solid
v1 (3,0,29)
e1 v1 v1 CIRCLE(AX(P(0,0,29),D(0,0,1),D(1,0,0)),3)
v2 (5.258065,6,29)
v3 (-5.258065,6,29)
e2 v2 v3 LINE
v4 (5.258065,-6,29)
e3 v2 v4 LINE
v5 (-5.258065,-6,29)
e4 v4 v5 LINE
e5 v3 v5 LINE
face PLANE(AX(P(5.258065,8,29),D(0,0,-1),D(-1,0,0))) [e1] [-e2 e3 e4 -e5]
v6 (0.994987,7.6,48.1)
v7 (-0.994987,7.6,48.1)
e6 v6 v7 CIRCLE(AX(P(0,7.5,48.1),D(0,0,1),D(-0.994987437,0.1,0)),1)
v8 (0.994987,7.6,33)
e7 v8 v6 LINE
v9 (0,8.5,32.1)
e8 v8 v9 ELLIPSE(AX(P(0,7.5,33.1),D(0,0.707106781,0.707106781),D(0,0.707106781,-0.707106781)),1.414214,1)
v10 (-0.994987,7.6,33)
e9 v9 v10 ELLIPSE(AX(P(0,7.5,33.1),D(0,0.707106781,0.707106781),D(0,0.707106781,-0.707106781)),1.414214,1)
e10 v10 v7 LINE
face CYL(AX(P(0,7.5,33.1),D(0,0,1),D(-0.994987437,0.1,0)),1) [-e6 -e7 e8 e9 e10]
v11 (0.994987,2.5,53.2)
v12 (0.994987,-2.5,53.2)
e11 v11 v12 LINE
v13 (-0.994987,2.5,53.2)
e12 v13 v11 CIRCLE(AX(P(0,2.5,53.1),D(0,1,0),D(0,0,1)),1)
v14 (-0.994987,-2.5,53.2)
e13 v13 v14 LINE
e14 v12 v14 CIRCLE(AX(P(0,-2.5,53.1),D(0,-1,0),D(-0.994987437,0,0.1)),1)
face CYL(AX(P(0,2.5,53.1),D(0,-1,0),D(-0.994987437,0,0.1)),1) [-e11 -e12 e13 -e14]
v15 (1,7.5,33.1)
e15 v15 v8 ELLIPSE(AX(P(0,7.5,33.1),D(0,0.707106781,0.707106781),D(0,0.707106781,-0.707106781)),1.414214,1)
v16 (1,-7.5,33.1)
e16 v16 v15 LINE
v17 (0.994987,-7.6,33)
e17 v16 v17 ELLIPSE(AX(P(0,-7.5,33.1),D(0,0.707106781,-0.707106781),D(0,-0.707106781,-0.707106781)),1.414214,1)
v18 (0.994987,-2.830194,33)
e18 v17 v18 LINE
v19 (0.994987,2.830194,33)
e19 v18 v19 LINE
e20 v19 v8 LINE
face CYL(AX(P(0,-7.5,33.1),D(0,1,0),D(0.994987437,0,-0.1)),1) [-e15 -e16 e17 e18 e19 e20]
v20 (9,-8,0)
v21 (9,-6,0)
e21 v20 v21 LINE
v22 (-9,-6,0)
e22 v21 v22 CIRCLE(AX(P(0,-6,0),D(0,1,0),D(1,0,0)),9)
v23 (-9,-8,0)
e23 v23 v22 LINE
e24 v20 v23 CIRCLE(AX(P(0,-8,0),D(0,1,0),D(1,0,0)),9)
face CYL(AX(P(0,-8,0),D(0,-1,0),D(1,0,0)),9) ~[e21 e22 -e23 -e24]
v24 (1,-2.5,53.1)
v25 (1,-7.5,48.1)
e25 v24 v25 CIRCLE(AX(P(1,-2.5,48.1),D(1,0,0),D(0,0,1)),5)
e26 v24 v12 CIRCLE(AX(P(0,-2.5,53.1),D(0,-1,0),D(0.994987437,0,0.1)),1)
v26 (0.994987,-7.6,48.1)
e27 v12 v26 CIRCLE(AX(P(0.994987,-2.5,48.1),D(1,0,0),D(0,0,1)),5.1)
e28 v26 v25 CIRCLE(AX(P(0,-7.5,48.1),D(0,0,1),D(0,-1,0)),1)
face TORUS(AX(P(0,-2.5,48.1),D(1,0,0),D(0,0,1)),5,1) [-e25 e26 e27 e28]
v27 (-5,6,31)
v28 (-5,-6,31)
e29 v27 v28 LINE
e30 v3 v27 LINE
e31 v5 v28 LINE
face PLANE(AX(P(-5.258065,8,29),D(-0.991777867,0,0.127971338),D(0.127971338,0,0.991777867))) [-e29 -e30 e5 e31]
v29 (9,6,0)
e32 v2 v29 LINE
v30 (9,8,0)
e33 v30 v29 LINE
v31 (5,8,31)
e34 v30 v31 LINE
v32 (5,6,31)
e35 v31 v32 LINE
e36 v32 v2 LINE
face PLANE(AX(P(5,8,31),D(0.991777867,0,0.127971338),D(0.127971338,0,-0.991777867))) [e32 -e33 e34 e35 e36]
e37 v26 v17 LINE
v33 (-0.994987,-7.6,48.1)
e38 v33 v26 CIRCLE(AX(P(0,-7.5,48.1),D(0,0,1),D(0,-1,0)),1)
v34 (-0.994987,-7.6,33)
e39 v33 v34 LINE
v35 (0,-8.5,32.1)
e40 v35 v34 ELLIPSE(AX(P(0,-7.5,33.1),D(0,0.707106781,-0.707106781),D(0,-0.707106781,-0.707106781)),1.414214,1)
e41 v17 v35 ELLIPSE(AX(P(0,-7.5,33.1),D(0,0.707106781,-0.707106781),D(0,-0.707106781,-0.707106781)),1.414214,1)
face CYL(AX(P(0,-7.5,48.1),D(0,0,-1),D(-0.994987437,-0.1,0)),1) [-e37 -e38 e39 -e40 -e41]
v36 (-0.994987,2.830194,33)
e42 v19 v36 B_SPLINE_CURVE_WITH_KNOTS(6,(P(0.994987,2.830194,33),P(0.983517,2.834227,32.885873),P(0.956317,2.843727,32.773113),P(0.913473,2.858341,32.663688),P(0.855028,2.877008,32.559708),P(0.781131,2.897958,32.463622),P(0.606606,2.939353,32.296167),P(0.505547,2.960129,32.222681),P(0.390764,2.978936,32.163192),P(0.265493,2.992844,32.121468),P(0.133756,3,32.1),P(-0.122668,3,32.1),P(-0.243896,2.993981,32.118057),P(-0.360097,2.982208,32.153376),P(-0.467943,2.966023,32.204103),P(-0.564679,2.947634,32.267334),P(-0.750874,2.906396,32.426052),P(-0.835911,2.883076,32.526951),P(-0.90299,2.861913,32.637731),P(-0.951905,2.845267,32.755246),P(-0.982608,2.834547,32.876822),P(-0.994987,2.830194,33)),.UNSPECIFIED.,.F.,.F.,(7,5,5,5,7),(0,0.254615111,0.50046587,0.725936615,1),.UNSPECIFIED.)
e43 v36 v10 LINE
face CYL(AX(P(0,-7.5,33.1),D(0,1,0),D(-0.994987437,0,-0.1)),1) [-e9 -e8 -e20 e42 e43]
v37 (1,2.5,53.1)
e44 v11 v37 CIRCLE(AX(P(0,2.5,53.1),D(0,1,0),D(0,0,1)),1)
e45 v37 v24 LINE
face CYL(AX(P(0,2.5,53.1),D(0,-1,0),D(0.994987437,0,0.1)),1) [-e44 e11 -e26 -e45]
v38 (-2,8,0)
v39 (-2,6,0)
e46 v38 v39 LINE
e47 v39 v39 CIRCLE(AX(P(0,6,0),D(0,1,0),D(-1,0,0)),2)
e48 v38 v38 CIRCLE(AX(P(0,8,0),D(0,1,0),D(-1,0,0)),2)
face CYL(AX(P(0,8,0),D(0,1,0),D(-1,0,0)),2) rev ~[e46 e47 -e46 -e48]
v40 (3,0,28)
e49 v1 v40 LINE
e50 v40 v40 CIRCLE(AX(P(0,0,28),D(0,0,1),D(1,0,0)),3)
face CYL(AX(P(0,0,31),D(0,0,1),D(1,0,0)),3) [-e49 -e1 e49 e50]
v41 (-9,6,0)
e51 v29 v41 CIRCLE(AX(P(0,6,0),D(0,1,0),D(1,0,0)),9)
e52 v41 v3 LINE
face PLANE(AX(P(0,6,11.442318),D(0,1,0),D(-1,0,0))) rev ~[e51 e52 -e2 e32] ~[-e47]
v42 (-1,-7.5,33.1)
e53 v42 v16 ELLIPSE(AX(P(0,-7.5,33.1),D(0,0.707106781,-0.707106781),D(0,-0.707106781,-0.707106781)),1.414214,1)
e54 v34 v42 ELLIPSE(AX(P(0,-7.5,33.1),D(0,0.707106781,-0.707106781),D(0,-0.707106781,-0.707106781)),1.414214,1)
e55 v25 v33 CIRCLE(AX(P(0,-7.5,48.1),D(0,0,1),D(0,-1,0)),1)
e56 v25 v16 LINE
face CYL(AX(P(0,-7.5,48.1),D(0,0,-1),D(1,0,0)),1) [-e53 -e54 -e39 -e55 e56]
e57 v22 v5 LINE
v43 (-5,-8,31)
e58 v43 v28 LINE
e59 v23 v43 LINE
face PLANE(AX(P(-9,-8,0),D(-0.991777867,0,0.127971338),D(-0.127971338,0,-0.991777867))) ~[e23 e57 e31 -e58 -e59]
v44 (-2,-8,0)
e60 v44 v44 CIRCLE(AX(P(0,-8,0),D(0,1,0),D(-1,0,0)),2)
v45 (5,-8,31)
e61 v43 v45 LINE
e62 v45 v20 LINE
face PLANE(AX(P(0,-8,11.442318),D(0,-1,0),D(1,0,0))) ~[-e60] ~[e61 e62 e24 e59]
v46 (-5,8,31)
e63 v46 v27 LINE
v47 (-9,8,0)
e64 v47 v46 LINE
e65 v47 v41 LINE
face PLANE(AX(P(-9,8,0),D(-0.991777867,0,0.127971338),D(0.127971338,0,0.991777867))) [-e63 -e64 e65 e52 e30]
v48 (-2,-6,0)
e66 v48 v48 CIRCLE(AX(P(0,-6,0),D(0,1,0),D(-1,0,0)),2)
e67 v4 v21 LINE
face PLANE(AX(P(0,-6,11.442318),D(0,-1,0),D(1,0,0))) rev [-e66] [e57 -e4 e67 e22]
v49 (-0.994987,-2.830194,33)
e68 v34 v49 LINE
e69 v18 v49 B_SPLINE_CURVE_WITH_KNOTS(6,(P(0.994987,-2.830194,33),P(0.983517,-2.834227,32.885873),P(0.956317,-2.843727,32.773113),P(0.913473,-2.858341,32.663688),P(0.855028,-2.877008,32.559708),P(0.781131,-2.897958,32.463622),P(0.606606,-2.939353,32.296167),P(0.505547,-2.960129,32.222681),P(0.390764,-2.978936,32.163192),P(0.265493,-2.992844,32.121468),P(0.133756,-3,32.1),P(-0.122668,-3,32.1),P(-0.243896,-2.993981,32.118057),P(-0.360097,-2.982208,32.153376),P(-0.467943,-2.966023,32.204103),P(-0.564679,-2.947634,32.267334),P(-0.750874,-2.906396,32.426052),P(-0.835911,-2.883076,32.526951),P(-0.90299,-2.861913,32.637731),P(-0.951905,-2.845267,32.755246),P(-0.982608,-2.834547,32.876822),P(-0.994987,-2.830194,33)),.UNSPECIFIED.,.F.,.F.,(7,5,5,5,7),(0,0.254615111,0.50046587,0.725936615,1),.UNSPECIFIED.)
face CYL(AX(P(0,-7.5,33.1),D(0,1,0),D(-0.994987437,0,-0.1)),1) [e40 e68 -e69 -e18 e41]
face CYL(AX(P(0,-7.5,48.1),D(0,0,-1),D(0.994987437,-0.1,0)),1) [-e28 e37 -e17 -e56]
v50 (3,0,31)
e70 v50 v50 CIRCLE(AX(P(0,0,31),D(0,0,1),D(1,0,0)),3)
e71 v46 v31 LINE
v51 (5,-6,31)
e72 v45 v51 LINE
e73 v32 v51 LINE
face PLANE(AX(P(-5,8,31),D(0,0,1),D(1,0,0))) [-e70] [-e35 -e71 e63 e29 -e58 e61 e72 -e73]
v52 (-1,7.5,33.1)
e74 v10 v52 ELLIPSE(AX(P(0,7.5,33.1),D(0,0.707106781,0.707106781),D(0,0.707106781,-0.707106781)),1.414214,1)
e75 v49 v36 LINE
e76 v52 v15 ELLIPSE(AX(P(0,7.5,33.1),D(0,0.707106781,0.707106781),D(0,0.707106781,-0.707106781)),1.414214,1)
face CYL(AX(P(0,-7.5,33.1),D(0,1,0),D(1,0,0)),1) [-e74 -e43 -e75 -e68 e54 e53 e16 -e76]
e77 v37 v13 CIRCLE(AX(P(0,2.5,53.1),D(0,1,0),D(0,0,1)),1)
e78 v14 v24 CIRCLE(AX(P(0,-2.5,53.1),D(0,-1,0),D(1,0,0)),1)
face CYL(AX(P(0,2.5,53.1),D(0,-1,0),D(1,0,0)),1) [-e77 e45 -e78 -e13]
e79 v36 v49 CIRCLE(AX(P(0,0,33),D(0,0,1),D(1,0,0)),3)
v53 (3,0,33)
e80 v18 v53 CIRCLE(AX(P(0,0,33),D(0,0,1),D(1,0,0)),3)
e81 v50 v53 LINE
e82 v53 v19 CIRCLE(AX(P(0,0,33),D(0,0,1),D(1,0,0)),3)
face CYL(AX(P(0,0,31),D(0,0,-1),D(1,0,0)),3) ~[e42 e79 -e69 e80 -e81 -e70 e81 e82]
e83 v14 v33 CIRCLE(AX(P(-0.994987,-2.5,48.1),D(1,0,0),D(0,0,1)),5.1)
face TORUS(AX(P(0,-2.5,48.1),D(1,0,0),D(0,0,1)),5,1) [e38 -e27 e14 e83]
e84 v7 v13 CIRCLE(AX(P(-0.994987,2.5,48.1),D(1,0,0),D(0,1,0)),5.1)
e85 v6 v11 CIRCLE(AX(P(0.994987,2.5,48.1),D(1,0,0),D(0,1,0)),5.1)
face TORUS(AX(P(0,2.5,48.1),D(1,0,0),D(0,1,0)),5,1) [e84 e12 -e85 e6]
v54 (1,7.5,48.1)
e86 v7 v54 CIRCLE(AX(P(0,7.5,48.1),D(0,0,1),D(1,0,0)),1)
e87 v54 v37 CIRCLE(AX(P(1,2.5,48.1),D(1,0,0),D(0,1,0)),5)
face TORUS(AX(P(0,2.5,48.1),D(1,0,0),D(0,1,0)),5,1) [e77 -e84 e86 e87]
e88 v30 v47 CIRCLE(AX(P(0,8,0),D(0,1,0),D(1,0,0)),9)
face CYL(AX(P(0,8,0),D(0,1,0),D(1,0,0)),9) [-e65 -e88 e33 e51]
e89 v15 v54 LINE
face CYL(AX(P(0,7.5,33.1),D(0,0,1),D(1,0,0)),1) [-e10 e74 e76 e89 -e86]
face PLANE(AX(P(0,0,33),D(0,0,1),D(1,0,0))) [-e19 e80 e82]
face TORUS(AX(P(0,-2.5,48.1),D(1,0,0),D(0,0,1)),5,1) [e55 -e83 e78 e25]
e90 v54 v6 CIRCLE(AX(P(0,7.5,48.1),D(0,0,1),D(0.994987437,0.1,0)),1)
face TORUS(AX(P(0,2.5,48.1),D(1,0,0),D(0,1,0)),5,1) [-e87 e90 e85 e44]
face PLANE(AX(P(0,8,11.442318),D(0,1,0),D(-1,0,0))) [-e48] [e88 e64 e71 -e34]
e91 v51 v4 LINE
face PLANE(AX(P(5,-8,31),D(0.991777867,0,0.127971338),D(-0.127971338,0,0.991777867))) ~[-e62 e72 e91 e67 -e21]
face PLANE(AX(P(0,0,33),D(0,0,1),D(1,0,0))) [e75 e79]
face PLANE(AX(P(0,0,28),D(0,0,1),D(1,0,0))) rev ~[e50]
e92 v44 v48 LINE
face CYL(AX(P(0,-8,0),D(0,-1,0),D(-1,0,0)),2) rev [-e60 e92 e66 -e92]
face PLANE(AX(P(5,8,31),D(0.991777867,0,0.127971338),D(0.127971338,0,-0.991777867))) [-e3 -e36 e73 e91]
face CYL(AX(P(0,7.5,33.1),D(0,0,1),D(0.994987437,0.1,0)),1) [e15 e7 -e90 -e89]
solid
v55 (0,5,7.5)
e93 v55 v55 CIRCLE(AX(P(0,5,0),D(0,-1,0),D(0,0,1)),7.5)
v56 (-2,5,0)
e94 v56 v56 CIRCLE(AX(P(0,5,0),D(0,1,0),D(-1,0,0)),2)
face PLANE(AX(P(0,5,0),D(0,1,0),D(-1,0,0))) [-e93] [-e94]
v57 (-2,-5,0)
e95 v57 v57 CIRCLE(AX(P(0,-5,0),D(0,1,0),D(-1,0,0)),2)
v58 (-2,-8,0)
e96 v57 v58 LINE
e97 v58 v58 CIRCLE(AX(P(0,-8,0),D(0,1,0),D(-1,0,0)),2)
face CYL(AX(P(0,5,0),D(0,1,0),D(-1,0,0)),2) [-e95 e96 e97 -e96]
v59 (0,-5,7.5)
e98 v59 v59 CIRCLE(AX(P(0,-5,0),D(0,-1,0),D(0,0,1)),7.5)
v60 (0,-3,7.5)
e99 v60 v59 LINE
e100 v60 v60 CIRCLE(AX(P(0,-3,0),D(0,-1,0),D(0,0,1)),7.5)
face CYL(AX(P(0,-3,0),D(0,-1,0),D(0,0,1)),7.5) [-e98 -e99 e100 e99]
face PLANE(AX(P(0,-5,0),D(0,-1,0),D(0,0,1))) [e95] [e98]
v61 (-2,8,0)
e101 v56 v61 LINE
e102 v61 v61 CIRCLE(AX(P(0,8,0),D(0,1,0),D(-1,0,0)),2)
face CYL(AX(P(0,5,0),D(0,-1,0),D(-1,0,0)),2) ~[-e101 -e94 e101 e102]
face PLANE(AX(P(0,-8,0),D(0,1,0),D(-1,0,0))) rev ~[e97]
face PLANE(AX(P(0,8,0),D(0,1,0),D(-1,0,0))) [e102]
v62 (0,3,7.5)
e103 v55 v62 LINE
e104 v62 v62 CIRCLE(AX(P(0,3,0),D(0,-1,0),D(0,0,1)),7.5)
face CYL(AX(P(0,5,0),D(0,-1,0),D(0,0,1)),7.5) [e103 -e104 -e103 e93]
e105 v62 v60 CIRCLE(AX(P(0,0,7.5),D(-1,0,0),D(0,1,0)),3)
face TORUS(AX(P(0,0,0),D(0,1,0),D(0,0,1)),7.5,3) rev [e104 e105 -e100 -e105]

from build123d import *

# Parameters (mm, degrees)
F2_R           = 2
F3_DEPTH       = 13
F3_DEPTH_BACK  = 3
F4_R           = 7.5
F4_R_2         = 2
F5_DEPTH       = 2
F8_DEPTH       = 14
F9_R           = 3
F10_DEPTH      = 2
F10_DEPTH_BACK = 3


with BuildPart() as f1:
    # F0 (on Right) → F1 (revolve)
    with BuildSketch(Plane.YZ):
        with BuildLine():
            Line((-5, 0), (0, 0))
            Line((0, 0), (5, 0))
            Line((5, 0), (5, 7.5))
            Line((5, 7.5), (3, 7.5))
            ThreePointArc((3, 7.5), (0, 4.5), (-3, 7.5))
            Line((-3, 7.5), (-5, 7.5))
            Line((-5, 7.5), (-5, 0))
        make_face()
    revolve(axis=Axis((0, -2.5, 0), (0, -1, 0)))

    # F2 (on face) → F3 (join, two sides)
    with BuildSketch(Plane(origin=(0, 5, 0), x_dir=(-1, 0, 0), z_dir=(0, 1, 0))) as f3_sk:
        Circle(F2_R)
    extrude(amount=-F3_DEPTH)
    extrude(f3_sk.sketch, amount=F3_DEPTH_BACK)


with BuildPart() as f5:
    # F4 (on face) → F5 (new body)
    with BuildSketch(Plane(origin=(0, 8, 0), x_dir=(-1, 0, 0), z_dir=(0, 1, 0))):
        with BuildLine():
            Line((-5, 31), (-9, 0))
            ThreePointArc((-9, 0), (0, -9), (9, 0))
            Line((9, 0), (5, 31))
            Line((5, 31), (0, 31))
            Line((0, 31), (-5, 31))
        make_face()
        Circle(F4_R, mode=Mode.SUBTRACT)
        Circle(F4_R)
        Circle(F4_R_2, mode=Mode.SUBTRACT)
    extrude(amount=-F5_DEPTH)


with BuildPart() as f6_1:
    # F6: instance of F5
    add(f5.part.mirror(Plane.XZ))


with BuildPart() as f5_1:
    add(f5.part)

    add(f6_1.part)  # F8 merges F6_1
    # F7 (on face) → F8 (join, through all)
    with BuildSketch(Plane(origin=(0, 8, 0), x_dir=(-1, 0, 0), z_dir=(0, 1, 0))):
        Polygon((5, 31), (-5, 31), (-5.2580645161, 29), (0, 29), (5.2580645161, 29), align=None)
    extrude(amount=-F8_DEPTH)

    # F9 (on face) → F10 (join, two sides)
    with BuildSketch(Plane.XY.offset(31)) as f10_sk:
        Circle(F9_R)
    extrude(amount=F10_DEPTH)
    extrude(f10_sk.sketch, amount=-F10_DEPTH_BACK)

    # F13: sweep along a path in F12
    with BuildLine(Plane.YZ) as f13_path:
        Line((0, 33.1), (7.5, 33.1))
        Line((7.5, 33.1), (7.5, 48.1))
        ThreePointArc((7.5, 48.1), (6.0355339059, 51.6355339059), (2.5, 53.1))
        Line((2.5, 53.1), (-2.5, 53.1))
        ThreePointArc((-2.5, 53.1), (-6.0355339059, 51.6355339059), (-7.5, 48.1))
        Line((-7.5, 48.1), (-7.5, 33.1))
        Line((-7.5, 33.1), (0, 33.1))
    # F11 (on Front) → F13 (sweep)
    with BuildSketch(Plane.XZ):
        with BuildLine():
            Line((0.9949874371, 33), (-0.9949874371, 33))
            ThreePointArc((-0.9949874371, 33), (0, 32.1), (0.9949874371, 33))
        make_face()
        with BuildLine():
            ThreePointArc((1, 33.1), (-0.0500627751, 34.0987460731), (-0.9949874371, 33))
            Line((-0.9949874371, 33), (0.9949874371, 33))
            ThreePointArc((0.9949874371, 33), (0.9987460731, 33.0499372249), (1, 33.1))
        make_face()
    sweep(path=f13_path.line, transition=Transition.RIGHT)


solid = Compound([f1.part, f5_1.part])
